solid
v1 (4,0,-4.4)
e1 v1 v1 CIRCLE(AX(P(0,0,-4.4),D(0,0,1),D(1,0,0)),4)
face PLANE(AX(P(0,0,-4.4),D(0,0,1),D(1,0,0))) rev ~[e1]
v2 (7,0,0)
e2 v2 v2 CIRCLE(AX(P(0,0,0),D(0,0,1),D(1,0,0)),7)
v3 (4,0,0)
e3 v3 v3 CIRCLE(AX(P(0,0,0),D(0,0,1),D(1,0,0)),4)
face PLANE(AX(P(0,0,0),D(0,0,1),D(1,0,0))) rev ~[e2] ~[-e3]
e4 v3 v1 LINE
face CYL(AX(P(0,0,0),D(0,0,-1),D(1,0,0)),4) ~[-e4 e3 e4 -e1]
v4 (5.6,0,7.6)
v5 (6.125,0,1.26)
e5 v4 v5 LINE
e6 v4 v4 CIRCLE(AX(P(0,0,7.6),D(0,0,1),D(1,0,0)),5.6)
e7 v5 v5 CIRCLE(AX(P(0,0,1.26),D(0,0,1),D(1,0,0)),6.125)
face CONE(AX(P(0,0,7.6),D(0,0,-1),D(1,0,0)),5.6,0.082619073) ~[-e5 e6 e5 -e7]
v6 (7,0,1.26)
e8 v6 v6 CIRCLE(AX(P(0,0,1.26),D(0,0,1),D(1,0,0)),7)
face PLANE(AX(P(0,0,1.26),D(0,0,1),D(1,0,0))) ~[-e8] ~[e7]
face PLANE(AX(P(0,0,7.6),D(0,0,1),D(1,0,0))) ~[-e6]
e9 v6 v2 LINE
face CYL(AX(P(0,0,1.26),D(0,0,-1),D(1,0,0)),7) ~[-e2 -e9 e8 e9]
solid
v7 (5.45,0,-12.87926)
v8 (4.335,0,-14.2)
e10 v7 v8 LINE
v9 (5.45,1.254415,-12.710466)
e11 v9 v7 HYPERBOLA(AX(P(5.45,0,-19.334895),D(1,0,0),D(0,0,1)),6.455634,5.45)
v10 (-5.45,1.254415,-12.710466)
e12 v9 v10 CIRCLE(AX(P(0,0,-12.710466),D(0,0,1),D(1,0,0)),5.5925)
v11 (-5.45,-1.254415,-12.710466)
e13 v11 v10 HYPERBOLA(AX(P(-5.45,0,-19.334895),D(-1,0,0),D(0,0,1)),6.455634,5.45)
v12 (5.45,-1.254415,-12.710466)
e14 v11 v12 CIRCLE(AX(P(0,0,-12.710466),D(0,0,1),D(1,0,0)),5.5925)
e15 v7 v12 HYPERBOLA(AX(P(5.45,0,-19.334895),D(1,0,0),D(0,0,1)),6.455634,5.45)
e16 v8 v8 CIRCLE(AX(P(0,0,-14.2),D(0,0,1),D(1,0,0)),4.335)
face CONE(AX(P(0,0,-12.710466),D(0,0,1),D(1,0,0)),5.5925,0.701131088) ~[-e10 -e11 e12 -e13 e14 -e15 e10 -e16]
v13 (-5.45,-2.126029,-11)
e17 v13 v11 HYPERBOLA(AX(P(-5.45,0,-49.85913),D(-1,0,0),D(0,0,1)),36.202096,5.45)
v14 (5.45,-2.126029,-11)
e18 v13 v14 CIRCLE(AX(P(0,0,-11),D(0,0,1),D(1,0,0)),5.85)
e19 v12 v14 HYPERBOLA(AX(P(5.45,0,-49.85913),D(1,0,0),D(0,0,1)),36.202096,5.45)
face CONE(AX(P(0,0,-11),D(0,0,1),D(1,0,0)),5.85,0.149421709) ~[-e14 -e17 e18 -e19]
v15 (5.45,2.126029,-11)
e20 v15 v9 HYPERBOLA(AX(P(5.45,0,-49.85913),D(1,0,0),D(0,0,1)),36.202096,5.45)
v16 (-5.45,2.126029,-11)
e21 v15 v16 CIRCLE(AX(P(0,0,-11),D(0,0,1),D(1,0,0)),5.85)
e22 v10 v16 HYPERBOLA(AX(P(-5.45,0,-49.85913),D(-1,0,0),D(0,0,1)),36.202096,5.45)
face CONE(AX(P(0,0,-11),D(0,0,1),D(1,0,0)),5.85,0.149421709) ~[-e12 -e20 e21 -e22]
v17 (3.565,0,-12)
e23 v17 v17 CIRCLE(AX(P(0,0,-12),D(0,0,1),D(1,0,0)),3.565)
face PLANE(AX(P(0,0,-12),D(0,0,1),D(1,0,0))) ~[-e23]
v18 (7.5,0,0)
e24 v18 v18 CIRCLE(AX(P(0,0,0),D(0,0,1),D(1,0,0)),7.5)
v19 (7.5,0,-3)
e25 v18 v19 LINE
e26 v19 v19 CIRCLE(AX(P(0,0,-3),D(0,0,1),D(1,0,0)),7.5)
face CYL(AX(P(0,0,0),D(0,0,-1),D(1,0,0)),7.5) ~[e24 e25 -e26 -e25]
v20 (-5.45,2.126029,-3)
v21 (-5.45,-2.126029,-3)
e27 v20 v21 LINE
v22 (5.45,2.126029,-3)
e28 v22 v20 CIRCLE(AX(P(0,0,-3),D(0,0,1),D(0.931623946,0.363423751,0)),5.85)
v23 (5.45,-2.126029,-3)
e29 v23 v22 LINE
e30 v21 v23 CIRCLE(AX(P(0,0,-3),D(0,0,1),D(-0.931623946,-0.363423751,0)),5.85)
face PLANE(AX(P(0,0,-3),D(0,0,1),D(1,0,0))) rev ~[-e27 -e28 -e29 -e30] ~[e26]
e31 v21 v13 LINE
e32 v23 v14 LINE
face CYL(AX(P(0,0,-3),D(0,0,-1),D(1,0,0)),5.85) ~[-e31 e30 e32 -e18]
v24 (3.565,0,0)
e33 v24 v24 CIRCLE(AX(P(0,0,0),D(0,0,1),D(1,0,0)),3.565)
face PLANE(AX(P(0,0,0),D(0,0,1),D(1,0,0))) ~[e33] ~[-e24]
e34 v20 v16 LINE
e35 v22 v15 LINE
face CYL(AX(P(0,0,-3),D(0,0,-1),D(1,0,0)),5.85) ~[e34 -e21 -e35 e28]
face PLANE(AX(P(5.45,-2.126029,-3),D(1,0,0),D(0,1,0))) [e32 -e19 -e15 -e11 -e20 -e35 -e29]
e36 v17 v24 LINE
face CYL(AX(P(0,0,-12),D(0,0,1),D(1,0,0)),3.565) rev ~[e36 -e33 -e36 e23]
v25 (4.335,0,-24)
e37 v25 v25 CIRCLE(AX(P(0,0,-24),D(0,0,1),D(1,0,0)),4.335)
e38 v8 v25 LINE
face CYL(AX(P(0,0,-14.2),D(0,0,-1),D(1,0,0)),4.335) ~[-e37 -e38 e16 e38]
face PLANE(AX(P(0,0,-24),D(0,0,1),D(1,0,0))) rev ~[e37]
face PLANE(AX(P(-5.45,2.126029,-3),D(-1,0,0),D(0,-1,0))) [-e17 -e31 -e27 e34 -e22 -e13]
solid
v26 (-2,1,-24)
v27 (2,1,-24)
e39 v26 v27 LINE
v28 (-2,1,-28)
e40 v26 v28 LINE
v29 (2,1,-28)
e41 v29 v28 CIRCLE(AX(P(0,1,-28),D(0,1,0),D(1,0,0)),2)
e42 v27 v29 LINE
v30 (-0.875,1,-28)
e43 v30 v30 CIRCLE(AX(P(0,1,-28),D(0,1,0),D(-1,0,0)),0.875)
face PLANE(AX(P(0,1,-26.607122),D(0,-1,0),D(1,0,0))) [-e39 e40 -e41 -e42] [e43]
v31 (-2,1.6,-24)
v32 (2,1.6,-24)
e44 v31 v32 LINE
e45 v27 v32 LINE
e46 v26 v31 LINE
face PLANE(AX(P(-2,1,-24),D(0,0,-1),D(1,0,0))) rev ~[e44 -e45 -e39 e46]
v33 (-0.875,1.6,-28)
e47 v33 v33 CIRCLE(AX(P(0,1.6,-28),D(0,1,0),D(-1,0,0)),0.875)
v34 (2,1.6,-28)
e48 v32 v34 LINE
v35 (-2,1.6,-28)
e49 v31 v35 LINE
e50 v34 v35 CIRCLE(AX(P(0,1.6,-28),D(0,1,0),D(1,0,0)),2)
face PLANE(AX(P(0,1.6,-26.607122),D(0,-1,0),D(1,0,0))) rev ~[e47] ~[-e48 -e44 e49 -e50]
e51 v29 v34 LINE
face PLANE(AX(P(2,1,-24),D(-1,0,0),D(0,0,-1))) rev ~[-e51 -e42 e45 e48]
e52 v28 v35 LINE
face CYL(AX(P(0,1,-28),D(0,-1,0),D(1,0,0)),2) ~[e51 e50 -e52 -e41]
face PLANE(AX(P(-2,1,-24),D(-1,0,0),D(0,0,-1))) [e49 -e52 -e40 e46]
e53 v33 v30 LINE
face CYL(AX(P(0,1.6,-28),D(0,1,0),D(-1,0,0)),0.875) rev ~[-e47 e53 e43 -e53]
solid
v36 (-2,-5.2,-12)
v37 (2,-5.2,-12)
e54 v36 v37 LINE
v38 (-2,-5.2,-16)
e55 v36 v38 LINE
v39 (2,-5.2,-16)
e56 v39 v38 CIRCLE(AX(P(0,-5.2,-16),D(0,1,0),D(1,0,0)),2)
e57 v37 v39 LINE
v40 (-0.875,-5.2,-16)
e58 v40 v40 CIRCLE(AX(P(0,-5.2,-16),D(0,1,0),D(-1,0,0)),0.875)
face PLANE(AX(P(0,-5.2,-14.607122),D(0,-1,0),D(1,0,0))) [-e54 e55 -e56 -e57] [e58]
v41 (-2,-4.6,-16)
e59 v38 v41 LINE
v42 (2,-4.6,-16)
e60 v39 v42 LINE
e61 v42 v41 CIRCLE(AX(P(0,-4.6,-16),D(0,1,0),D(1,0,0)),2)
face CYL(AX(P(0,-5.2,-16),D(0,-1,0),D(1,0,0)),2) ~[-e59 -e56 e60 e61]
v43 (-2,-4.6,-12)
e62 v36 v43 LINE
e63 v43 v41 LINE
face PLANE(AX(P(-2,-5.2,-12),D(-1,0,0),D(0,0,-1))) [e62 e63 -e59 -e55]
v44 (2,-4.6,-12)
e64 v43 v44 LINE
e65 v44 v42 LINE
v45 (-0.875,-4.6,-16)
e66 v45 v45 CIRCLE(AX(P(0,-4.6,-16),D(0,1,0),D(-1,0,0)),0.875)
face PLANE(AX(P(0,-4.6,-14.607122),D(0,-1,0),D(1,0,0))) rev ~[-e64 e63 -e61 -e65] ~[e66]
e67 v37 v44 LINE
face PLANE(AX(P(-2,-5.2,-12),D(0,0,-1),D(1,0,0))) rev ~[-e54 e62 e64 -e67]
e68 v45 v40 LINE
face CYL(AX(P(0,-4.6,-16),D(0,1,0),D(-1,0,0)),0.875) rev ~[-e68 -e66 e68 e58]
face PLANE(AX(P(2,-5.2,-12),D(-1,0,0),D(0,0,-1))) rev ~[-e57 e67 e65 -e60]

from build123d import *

# Parameters (mm, degrees)
SKETCH042_R             = 10.5
POCKET019_DEPTH         = 13
PAD021_DEPTH            = 0.6
SKETCH045_R             = 0.875
POCKET020_DEPTH         = 0.601
BODY012_PLACEMENT_ANGLE = 90
PAD022_DEPTH            = 0.6
SKETCH047_R             = 0.875
POCKET021_DEPTH         = 0.601
BODY013_PLACEMENT_ANGLE = 90


with BuildPart() as corps002:
    # Sketch041 → Revolution (revolve)
    with BuildSketch(Plane.XZ):
        Polygon((3.565, -12), (3.565, 0), (7.5, 0), (7.5, -3), (5.85, -3), (5.85, -11), (5.5925, -12.710466), (4.335, -14.2), (4.335, -24), (0, -24), (0, -12), align=None)
    revolve(axis=Axis((0, 0, 0), (0, 0, 1)))

    # Sketch042 (on DatumPlane) → Pocket019 (cut)
    with BuildSketch(Plane.XY.offset(-3)):
        Circle(SKETCH042_R)
        with BuildLine():
            ThreePointArc((-5.45, -2.126029), (0, -5.85), (5.45, -2.126029))
            Line((5.45, -2.126029), (5.45, 2.126029))
            ThreePointArc((5.45, 2.126029), (0, 5.85), (-5.45, 2.126029))
            Line((-5.45, 2.126029), (-5.45, -2.126029))
        make_face(mode=Mode.SUBTRACT)
    extrude(amount=-POCKET019_DEPTH, mode=Mode.SUBTRACT)


with BuildPart() as bouchon:
    # Sketch043 → Revolution001 (revolve)
    with BuildSketch(Plane.XZ):
        Polygon((0, 7.6), (5.6, 7.6), (6.125, 1.26), (7, 1.26), (7, 0), (4, 0), (4, -4.4), (0, -4.4), align=None)
    revolve(axis=Axis((0, 0, 0), (0, 0, 1)))


with BuildPart() as cosse1:
    # Sketch044 (on DatumPlane) → Pad021 (new body)
    with BuildSketch(Plane.YZ.offset(1)):
        with BuildLine():
            Line((0, -24), (2, -24))
            Line((2, -24), (2, -28))
            ThreePointArc((-2, -28), (0, -30), (2, -28))
            Line((-2, -24), (-2, -28))
            Line((0, -24), (-2, -24))
        make_face()
    extrude(amount=PAD021_DEPTH)

    # Sketch045 (on Face7 of Pad021) → Pocket020 (cut, through all)
    with BuildSketch(Plane.YZ.offset(1.6)):
        with Locations((0, -28)):
            Circle(SKETCH045_R)
    extrude(amount=-POCKET020_DEPTH, mode=Mode.SUBTRACT)


with BuildPart() as cosse1_1:
    # Body012 placement: moved
    add(cosse1.part.rotate(Axis((0, 0, 0), (0, 0, 1)), BODY012_PLACEMENT_ANGLE))


with BuildPart() as cosse002:
    # Sketch046 (on DatumPlane) → Pad022 (new body)
    with BuildSketch(Plane.YZ.offset(1)):
        with BuildLine():
            Line((0, -24), (2, -24))
            Line((2, -24), (2, -28))
            ThreePointArc((-2, -28), (0, -30), (2, -28))
            Line((-2, -24), (-2, -28))
            Line((0, -24), (-2, -24))
        make_face()
    extrude(amount=PAD022_DEPTH)

    # Sketch047 (on Face7 of Pad022) → Pocket021 (cut, through all)
    with BuildSketch(Plane.YZ.offset(1.6)):
        with Locations((0, -28)):
            Circle(SKETCH047_R)
    extrude(amount=-POCKET021_DEPTH, mode=Mode.SUBTRACT)


with BuildPart() as cosse002_1:
    # Body013 placement: moved
    add(cosse002.part.moved(Location((0, -6.2, 12))).rotate(Axis((0, -6.2, 12), (0, 0, 1)), BODY013_PLACEMENT_ANGLE))


solid = Compound([corps002.part, bouchon.part, cosse1_1.part, cosse002_1.part])
